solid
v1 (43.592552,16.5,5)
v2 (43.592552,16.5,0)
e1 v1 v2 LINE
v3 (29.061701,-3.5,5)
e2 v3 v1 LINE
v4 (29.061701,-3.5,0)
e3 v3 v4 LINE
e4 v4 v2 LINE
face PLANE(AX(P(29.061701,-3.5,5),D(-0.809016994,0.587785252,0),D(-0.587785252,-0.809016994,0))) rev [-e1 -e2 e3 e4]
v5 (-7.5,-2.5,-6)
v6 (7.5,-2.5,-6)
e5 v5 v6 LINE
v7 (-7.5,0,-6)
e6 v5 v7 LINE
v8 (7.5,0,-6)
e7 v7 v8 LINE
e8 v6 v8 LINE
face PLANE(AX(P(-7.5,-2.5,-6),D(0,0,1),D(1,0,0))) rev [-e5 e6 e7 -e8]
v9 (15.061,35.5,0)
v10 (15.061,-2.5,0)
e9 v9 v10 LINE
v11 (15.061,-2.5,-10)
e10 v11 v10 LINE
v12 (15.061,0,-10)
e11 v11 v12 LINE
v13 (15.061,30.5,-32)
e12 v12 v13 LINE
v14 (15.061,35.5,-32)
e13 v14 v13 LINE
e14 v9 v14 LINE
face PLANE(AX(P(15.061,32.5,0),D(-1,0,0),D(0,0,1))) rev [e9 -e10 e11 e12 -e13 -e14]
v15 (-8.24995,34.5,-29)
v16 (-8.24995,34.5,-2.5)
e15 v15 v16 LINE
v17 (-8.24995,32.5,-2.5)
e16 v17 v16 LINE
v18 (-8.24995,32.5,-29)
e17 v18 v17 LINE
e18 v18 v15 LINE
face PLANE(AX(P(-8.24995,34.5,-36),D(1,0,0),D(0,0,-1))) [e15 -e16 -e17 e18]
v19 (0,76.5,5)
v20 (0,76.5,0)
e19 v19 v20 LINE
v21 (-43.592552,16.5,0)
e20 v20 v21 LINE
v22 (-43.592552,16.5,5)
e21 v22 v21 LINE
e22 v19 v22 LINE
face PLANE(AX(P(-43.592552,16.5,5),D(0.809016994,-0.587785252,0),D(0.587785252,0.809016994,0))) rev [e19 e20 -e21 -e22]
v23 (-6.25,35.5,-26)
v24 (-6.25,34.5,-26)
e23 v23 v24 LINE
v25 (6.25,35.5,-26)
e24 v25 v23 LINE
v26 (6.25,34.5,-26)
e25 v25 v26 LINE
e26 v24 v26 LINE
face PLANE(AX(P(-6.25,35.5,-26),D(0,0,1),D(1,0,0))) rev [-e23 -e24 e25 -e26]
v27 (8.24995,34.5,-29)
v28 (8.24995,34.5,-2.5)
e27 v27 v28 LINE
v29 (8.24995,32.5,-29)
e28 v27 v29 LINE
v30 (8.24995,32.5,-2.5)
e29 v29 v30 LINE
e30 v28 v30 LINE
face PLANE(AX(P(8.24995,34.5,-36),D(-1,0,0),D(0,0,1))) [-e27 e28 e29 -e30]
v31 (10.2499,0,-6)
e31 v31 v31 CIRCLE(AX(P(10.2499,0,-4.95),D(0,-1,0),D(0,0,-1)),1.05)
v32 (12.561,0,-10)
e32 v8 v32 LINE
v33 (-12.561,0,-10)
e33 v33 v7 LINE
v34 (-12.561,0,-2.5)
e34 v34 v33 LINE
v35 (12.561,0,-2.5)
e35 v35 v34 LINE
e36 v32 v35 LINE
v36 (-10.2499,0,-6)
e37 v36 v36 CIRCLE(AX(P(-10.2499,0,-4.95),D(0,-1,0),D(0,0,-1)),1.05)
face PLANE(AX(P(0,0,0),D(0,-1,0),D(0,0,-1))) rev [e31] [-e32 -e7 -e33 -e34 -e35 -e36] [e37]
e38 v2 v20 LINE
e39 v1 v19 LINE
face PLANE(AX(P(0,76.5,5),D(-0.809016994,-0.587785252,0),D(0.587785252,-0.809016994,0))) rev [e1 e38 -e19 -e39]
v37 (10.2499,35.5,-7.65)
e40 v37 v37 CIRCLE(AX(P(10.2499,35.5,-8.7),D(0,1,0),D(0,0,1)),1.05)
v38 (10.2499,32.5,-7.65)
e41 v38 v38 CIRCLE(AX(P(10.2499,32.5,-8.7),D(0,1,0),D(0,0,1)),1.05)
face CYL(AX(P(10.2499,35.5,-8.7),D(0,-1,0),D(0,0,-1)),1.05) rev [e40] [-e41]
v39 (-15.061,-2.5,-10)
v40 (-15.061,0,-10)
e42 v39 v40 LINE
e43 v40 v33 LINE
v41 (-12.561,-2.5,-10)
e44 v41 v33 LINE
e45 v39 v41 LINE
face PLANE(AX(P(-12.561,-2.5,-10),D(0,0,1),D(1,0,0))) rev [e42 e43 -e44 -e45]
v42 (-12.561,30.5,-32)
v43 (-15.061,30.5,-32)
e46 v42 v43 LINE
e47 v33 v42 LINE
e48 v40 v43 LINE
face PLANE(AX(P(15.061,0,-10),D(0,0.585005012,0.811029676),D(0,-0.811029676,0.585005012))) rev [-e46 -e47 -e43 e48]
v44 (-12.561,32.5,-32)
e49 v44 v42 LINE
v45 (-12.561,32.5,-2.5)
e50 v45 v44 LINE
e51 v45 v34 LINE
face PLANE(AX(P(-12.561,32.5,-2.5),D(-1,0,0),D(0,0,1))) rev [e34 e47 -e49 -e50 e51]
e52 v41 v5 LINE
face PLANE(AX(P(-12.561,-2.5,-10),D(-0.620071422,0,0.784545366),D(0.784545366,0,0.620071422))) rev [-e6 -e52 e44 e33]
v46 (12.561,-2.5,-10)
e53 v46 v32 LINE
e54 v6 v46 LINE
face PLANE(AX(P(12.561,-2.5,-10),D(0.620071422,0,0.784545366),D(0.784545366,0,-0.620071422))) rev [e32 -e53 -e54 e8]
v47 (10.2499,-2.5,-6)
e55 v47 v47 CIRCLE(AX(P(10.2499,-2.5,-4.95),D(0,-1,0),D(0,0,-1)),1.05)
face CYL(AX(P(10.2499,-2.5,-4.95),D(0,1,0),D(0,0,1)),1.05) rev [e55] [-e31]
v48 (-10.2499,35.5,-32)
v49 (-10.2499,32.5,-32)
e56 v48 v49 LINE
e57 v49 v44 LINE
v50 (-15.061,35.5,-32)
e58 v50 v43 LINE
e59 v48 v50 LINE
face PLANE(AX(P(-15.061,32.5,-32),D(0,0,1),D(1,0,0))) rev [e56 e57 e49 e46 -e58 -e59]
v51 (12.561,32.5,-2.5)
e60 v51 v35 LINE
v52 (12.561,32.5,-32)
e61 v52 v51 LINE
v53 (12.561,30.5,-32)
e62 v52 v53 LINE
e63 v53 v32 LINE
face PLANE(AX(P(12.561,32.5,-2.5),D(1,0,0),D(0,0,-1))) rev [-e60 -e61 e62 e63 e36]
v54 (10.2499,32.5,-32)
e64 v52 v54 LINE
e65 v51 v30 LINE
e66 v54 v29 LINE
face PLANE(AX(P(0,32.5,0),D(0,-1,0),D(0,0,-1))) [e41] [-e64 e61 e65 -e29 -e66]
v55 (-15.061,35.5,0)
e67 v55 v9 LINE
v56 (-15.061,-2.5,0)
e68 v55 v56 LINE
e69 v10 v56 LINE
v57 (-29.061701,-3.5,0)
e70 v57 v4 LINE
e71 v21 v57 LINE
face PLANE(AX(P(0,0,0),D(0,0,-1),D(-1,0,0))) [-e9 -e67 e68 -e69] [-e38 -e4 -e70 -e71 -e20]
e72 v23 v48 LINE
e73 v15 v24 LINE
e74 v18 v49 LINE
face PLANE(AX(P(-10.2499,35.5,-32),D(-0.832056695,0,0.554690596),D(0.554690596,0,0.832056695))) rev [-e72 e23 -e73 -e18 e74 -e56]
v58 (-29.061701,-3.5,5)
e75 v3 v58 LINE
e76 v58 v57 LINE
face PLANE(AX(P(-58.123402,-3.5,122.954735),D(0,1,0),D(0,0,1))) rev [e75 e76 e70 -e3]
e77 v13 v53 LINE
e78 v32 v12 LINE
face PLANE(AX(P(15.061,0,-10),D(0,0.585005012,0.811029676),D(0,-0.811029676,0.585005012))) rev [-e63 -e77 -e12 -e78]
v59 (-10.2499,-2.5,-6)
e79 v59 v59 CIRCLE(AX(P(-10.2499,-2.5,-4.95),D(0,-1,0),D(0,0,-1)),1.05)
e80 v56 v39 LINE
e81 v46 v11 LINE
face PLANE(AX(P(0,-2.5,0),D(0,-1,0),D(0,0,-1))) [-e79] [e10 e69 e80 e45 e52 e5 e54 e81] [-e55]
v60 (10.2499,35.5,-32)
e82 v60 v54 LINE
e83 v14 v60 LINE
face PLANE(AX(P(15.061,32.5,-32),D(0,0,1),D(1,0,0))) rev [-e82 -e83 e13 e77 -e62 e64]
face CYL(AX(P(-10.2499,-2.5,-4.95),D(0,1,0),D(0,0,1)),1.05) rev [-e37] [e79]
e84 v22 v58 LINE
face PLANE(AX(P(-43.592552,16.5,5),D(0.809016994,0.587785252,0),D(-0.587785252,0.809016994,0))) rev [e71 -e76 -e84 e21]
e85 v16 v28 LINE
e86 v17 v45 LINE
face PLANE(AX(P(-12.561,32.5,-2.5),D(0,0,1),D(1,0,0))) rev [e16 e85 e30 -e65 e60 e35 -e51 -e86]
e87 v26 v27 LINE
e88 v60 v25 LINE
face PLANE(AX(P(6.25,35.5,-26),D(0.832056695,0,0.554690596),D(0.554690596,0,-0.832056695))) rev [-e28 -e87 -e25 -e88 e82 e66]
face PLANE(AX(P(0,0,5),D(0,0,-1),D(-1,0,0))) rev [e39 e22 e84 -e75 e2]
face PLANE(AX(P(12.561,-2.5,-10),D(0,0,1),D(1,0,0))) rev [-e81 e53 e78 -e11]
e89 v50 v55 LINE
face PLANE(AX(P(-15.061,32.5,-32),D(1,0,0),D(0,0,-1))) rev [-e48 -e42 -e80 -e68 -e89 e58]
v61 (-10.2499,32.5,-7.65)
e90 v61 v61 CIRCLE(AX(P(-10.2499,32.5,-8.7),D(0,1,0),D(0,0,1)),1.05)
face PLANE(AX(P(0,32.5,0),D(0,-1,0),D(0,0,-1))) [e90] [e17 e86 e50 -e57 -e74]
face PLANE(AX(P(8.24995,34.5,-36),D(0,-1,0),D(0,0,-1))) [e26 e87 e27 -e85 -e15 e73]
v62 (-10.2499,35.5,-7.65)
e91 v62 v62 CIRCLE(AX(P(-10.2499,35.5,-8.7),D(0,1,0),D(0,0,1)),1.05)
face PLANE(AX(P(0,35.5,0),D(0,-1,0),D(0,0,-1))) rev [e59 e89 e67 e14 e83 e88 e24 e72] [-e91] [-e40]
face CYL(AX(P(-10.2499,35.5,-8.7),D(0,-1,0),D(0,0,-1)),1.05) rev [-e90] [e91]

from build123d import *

# Parameters (mm, degrees)
BOSS_EXTRUDE1_DEPTH     = 32.5
SKETCH4_R               = 1.05
BOSS_EXTRUDE2_DEPTH     = 2.5
SKETCH5_R               = 1.05
BOSS_EXTRUDE3_DEPTH     = 3
CUT_EXTRUDE1_DEPTH      = 31.122
BOSS_EXTRUDE4_DEPTH     = 5
BOSS_EXTRUDE6_DEPTH     = 5
CUT_EXTRUDE2_DEPTH      = 6
SKETCH12_W              = 16.4999
SKETCH12_H              = 2
CUT_EXTRUDE4_DEPTH      = 10
CUT_EXTRUDE4_DEPTH_BACK = 23.5


with BuildPart() as part:
    # Sketch2 → Boss-Extrude1 (new body)
    with BuildSketch(Plane(origin=(0, 0, 0), x_dir=(1, 0, 0), z_dir=(0, 1, 0))):
        Polygon((15.061, 0), (15.061, 32), (12.561, 32), (12.561, 2.5), (-12.561, 2.5), (-12.561, 32), (-15.061, 32), (-15.061, 0), align=None)
    extrude(amount=BOSS_EXTRUDE1_DEPTH)

    # Sketch4 → Boss-Extrude2 (add)
    with BuildSketch(Plane.XZ):
        Polygon((-7.5, -6), (7.5, -6), (12.561, -10), (15.061, -10), (15.061, 0), (-15.061, 0), (-15.061, -10), (-12.561, -10), align=None)
        with Locations((-10.2499, -4.95)):
            Circle(SKETCH4_R, mode=Mode.SUBTRACT)
        with Locations((10.2499, -4.95)):
            Circle(SKETCH4_R, mode=Mode.SUBTRACT)
    extrude(amount=BOSS_EXTRUDE2_DEPTH)

    # Sketch5 → Boss-Extrude3 (add)
    with BuildSketch(Plane(origin=(0, 32.5, 0), x_dir=(1, 0, 0), z_dir=(0, 1, 0))):
        Polygon((-15.061, 32), (-10.2499, 32), (-6.25, 26), (6.25, 26), (10.2499, 32), (15.061, 32), (15.061, 0), (-15.061, 0), align=None)
        with Locations((-10.2499, 8.7)):
            Circle(SKETCH5_R, mode=Mode.SUBTRACT)
        with Locations((10.2499, 8.7)):
            Circle(SKETCH5_R, mode=Mode.SUBTRACT)
    extrude(amount=BOSS_EXTRUDE3_DEPTH)

    # Sketch6 → Cut-Extrude1 (cut, through all)
    with BuildSketch(Plane.ZY.offset(15.061)):
        Polygon((-10, 0), (-32, 30.5), (-32, 0), align=None)
    extrude(amount=-CUT_EXTRUDE1_DEPTH, mode=Mode.SUBTRACT)

    # Sketch8 → Boss-Extrude4 (add)
    with BuildSketch(Plane.XY):
        Polygon((0, 76.5), (43.59255168, 16.5), (-43.59255168, 16.5), align=None)
    extrude(amount=BOSS_EXTRUDE4_DEPTH)

    # Sketch9 → Boss-Extrude6 (add)
    with BuildSketch(Plane.XY):
        Polygon((-43.59255168, 16.5), (-58.12340224, -3.5), (58.12340224, -3.5), (43.59255168, 16.5), align=None)
    extrude(amount=BOSS_EXTRUDE6_DEPTH)

    # Sketch10 → Cut-Extrude2 (cut, through all)
    with BuildSketch(Plane(origin=(0, 0, 0), x_dir=(-1, 0, 0), z_dir=(0, 0, -1))):
        Polygon((-29.06170112, -3.5), (-43.59255168, 16.5), (-58.12340224, -3.5), align=None)
        Polygon((58.12340224, -3.5), (43.59255168, 16.5), (29.06170112, -3.5), align=None)
    extrude(amount=-CUT_EXTRUDE2_DEPTH, mode=Mode.SUBTRACT)

    # Sketch12 → Cut-Extrude4 (cut, two sides)
    with BuildSketch(Plane(origin=(0, 0, -26), x_dir=(-1, 0, 0), z_dir=(0, 0, -1))) as cut_extrude4_sk:
        with Locations((0, 33.5)):
            Rectangle(SKETCH12_W, SKETCH12_H)
    extrude(amount=CUT_EXTRUDE4_DEPTH, mode=Mode.SUBTRACT)
    extrude(cut_extrude4_sk.sketch, amount=-CUT_EXTRUDE4_DEPTH_BACK, mode=Mode.SUBTRACT)


solid = part.part
